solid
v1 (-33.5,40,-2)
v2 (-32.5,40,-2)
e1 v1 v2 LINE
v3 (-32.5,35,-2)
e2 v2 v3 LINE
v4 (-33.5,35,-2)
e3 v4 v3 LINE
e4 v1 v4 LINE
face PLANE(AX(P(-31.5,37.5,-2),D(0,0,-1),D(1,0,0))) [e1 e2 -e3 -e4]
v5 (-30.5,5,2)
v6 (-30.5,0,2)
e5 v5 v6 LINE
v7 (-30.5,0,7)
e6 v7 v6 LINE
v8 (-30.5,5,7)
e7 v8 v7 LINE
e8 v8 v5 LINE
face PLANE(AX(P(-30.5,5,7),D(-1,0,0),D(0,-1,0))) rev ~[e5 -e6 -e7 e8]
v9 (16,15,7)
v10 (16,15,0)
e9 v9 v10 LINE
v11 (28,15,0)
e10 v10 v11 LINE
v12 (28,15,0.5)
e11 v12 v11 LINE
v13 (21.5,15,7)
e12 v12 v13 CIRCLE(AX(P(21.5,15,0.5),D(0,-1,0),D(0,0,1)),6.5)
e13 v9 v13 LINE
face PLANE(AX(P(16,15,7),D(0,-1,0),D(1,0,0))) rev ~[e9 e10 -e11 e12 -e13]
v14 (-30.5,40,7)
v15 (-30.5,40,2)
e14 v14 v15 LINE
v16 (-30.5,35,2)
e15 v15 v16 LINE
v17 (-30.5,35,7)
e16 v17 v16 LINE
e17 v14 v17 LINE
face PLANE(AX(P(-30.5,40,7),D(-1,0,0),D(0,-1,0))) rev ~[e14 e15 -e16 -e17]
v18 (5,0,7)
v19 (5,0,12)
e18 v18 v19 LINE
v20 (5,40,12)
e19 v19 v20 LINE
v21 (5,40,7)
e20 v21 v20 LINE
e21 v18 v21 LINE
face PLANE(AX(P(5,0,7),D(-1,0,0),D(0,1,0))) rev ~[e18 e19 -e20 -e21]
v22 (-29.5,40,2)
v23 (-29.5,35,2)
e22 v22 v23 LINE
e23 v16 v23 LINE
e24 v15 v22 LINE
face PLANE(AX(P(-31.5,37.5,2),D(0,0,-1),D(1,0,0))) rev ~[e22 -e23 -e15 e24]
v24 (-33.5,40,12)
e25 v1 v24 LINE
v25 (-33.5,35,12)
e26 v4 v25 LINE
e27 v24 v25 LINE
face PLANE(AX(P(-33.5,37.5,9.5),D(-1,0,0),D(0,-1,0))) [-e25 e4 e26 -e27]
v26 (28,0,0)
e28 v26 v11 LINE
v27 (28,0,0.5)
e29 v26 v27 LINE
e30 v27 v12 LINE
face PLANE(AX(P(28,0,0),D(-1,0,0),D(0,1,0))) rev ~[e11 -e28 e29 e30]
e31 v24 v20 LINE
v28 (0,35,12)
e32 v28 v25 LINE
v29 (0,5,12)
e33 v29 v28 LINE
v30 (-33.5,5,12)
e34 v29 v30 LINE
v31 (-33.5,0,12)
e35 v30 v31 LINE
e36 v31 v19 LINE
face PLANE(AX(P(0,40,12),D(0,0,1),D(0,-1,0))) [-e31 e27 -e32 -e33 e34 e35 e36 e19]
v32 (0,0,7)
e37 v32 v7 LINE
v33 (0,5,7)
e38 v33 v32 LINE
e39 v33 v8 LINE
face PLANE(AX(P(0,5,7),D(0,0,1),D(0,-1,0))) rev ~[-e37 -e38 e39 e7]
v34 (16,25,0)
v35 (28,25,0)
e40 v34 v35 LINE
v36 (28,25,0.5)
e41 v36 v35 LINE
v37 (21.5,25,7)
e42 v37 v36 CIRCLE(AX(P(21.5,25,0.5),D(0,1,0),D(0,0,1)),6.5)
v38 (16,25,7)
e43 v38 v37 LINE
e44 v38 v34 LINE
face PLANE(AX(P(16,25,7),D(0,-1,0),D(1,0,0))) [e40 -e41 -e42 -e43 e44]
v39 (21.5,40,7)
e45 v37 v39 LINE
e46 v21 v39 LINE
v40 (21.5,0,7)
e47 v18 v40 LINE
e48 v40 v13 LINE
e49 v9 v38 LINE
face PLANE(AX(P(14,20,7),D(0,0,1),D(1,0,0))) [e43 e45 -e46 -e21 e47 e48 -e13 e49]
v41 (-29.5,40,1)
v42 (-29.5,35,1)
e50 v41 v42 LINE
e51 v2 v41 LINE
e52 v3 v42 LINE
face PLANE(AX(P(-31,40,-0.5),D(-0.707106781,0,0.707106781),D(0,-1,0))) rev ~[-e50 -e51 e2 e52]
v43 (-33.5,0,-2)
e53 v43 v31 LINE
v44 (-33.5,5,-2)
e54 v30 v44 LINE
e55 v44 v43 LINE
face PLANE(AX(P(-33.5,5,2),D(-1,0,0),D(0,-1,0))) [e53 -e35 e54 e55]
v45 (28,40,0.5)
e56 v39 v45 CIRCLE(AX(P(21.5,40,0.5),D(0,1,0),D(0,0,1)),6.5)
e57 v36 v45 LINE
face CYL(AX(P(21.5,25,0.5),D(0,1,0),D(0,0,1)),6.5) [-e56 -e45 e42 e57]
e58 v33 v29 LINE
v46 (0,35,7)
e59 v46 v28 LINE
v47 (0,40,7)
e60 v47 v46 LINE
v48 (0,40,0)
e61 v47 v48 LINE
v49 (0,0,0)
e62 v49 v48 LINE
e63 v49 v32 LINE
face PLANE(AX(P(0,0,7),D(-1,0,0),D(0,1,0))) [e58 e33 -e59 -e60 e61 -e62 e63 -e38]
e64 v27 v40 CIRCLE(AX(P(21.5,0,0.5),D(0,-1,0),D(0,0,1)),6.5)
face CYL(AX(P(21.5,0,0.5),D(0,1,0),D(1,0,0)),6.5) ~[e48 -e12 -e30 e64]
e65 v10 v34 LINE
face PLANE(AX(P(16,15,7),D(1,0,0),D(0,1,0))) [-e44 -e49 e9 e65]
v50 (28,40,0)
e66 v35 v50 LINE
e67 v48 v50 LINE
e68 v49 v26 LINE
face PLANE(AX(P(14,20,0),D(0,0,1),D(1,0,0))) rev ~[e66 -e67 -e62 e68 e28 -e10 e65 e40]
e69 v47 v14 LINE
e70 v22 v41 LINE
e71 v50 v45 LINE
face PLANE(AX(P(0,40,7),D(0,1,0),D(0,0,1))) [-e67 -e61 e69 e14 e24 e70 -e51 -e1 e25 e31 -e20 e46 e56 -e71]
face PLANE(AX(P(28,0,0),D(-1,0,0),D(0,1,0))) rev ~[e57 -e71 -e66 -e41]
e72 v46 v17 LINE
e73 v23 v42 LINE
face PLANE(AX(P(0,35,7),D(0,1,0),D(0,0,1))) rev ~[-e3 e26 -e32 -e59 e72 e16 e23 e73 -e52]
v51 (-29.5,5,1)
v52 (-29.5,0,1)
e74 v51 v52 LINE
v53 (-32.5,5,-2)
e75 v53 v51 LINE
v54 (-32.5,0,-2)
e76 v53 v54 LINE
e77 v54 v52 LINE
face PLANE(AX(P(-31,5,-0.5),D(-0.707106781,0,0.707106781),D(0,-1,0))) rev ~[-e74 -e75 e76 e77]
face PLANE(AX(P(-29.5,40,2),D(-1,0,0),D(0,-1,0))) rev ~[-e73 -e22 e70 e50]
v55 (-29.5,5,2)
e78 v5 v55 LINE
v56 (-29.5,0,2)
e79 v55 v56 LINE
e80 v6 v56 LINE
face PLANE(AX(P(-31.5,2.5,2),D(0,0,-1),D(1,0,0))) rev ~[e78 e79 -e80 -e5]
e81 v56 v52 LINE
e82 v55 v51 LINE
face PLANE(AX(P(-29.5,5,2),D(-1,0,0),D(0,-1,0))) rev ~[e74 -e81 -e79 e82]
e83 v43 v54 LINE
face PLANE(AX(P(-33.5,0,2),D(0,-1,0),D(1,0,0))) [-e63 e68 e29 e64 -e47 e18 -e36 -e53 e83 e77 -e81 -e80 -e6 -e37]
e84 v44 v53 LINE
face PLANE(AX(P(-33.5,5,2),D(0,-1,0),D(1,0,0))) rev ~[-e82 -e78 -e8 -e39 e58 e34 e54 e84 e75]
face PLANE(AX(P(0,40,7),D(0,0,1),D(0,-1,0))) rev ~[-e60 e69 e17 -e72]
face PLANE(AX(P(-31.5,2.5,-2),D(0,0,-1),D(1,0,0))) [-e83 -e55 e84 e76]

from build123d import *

# Parameters (mm, degrees)
SKETCH_W     = 28
SKETCH_H     = 40
PAD_DEPTH    = 7
SKETCH001_W  = 5
SKETCH001_H  = 40
PAD001_DEPTH = 5
SKETCH002_W  = 5
SKETCH002_H  = 5
PAD002_DEPTH = 33.5
SKETCH003_W  = 3
SKETCH003_H  = 5
PAD003_DEPTH = 5
SKETCH004_W  = 4
SKETCH004_H  = 5
PAD004_DEPTH = 4
SKETCH005_W  = 12
SKETCH005_H  = 10
POCKET_DEPTH = 9.001
FILLET_R     = 6.5
CHAMFER_SIZE = 3


with BuildPart() as part:
    # Sketch → Pad (new body)
    with BuildSketch(Plane.XY):
        with Locations((14, 20)):
            Rectangle(SKETCH_W, SKETCH_H)
    extrude(amount=PAD_DEPTH)

    # Sketch001 (on Face6 of Pad) → Pad001 (join)
    with BuildSketch(Plane.XY.offset(7)):
        with Locations((2.5, 20)):
            Rectangle(SKETCH001_W, SKETCH001_H)
    extrude(amount=PAD001_DEPTH)

    # Sketch002 (on Face7 of Pad001) → Pad002 (join)
    with BuildSketch(Plane(origin=(0, 0, 0), x_dir=(0, -1, 0), z_dir=(-1, 0, 0))):
        with Locations((-37.5, 9.5)):
            Rectangle(SKETCH002_W, SKETCH002_H)
        with Locations((-2.5, 9.5)):
            Rectangle(SKETCH002_W, SKETCH002_H)
    extrude(amount=PAD002_DEPTH)

    # Sketch003 (on Face9 of Pad002) → Pad003 (join)
    with BuildSketch(Plane(origin=(0, 0, 7), x_dir=(1, 0, 0), z_dir=(0, 0, -1))):
        with Locations((-32, -2.5)):
            Rectangle(SKETCH003_W, SKETCH003_H)
        with Locations((-32, -37.5)):
            Rectangle(SKETCH003_W, SKETCH003_H)
    extrude(amount=PAD003_DEPTH)

    # Sketch004 (on Face10 of Pad003) → Pad004 (join)
    with BuildSketch(Plane(origin=(0, 0, 2), x_dir=(1, 0, 0), z_dir=(0, 0, -1))):
        with Locations((-31.5, -2.5)):
            Rectangle(SKETCH004_W, SKETCH004_H)
        with Locations((-31.5, -37.5)):
            Rectangle(SKETCH004_W, SKETCH004_H)
    extrude(amount=PAD004_DEPTH)

    # Sketch005 (on Face3 of Pad004) → Pocket (cut, through all)
    with BuildSketch(Plane.XY.offset(7)):
        with Locations((22, 20)):
            Rectangle(SKETCH005_W, SKETCH005_H)
    extrude(amount=-POCKET_DEPTH, mode=Mode.SUBTRACT)

    # Fillet
    fillet_edges = [part.edges().sort_by_distance(p)[0] for p in [
        (28, 7.5, 7),
        (28, 32.5, 7),
    ]]
    fillet(fillet_edges, radius=FILLET_R)

    # Chamfer
    chamfer_edges = [part.edges().sort_by_distance(p)[0] for p in [
        (-29.5, 37.5, -2),
        (-29.5, 2.5, -2),
    ]]
    chamfer(chamfer_edges, length=CHAMFER_SIZE)


solid = part.part
